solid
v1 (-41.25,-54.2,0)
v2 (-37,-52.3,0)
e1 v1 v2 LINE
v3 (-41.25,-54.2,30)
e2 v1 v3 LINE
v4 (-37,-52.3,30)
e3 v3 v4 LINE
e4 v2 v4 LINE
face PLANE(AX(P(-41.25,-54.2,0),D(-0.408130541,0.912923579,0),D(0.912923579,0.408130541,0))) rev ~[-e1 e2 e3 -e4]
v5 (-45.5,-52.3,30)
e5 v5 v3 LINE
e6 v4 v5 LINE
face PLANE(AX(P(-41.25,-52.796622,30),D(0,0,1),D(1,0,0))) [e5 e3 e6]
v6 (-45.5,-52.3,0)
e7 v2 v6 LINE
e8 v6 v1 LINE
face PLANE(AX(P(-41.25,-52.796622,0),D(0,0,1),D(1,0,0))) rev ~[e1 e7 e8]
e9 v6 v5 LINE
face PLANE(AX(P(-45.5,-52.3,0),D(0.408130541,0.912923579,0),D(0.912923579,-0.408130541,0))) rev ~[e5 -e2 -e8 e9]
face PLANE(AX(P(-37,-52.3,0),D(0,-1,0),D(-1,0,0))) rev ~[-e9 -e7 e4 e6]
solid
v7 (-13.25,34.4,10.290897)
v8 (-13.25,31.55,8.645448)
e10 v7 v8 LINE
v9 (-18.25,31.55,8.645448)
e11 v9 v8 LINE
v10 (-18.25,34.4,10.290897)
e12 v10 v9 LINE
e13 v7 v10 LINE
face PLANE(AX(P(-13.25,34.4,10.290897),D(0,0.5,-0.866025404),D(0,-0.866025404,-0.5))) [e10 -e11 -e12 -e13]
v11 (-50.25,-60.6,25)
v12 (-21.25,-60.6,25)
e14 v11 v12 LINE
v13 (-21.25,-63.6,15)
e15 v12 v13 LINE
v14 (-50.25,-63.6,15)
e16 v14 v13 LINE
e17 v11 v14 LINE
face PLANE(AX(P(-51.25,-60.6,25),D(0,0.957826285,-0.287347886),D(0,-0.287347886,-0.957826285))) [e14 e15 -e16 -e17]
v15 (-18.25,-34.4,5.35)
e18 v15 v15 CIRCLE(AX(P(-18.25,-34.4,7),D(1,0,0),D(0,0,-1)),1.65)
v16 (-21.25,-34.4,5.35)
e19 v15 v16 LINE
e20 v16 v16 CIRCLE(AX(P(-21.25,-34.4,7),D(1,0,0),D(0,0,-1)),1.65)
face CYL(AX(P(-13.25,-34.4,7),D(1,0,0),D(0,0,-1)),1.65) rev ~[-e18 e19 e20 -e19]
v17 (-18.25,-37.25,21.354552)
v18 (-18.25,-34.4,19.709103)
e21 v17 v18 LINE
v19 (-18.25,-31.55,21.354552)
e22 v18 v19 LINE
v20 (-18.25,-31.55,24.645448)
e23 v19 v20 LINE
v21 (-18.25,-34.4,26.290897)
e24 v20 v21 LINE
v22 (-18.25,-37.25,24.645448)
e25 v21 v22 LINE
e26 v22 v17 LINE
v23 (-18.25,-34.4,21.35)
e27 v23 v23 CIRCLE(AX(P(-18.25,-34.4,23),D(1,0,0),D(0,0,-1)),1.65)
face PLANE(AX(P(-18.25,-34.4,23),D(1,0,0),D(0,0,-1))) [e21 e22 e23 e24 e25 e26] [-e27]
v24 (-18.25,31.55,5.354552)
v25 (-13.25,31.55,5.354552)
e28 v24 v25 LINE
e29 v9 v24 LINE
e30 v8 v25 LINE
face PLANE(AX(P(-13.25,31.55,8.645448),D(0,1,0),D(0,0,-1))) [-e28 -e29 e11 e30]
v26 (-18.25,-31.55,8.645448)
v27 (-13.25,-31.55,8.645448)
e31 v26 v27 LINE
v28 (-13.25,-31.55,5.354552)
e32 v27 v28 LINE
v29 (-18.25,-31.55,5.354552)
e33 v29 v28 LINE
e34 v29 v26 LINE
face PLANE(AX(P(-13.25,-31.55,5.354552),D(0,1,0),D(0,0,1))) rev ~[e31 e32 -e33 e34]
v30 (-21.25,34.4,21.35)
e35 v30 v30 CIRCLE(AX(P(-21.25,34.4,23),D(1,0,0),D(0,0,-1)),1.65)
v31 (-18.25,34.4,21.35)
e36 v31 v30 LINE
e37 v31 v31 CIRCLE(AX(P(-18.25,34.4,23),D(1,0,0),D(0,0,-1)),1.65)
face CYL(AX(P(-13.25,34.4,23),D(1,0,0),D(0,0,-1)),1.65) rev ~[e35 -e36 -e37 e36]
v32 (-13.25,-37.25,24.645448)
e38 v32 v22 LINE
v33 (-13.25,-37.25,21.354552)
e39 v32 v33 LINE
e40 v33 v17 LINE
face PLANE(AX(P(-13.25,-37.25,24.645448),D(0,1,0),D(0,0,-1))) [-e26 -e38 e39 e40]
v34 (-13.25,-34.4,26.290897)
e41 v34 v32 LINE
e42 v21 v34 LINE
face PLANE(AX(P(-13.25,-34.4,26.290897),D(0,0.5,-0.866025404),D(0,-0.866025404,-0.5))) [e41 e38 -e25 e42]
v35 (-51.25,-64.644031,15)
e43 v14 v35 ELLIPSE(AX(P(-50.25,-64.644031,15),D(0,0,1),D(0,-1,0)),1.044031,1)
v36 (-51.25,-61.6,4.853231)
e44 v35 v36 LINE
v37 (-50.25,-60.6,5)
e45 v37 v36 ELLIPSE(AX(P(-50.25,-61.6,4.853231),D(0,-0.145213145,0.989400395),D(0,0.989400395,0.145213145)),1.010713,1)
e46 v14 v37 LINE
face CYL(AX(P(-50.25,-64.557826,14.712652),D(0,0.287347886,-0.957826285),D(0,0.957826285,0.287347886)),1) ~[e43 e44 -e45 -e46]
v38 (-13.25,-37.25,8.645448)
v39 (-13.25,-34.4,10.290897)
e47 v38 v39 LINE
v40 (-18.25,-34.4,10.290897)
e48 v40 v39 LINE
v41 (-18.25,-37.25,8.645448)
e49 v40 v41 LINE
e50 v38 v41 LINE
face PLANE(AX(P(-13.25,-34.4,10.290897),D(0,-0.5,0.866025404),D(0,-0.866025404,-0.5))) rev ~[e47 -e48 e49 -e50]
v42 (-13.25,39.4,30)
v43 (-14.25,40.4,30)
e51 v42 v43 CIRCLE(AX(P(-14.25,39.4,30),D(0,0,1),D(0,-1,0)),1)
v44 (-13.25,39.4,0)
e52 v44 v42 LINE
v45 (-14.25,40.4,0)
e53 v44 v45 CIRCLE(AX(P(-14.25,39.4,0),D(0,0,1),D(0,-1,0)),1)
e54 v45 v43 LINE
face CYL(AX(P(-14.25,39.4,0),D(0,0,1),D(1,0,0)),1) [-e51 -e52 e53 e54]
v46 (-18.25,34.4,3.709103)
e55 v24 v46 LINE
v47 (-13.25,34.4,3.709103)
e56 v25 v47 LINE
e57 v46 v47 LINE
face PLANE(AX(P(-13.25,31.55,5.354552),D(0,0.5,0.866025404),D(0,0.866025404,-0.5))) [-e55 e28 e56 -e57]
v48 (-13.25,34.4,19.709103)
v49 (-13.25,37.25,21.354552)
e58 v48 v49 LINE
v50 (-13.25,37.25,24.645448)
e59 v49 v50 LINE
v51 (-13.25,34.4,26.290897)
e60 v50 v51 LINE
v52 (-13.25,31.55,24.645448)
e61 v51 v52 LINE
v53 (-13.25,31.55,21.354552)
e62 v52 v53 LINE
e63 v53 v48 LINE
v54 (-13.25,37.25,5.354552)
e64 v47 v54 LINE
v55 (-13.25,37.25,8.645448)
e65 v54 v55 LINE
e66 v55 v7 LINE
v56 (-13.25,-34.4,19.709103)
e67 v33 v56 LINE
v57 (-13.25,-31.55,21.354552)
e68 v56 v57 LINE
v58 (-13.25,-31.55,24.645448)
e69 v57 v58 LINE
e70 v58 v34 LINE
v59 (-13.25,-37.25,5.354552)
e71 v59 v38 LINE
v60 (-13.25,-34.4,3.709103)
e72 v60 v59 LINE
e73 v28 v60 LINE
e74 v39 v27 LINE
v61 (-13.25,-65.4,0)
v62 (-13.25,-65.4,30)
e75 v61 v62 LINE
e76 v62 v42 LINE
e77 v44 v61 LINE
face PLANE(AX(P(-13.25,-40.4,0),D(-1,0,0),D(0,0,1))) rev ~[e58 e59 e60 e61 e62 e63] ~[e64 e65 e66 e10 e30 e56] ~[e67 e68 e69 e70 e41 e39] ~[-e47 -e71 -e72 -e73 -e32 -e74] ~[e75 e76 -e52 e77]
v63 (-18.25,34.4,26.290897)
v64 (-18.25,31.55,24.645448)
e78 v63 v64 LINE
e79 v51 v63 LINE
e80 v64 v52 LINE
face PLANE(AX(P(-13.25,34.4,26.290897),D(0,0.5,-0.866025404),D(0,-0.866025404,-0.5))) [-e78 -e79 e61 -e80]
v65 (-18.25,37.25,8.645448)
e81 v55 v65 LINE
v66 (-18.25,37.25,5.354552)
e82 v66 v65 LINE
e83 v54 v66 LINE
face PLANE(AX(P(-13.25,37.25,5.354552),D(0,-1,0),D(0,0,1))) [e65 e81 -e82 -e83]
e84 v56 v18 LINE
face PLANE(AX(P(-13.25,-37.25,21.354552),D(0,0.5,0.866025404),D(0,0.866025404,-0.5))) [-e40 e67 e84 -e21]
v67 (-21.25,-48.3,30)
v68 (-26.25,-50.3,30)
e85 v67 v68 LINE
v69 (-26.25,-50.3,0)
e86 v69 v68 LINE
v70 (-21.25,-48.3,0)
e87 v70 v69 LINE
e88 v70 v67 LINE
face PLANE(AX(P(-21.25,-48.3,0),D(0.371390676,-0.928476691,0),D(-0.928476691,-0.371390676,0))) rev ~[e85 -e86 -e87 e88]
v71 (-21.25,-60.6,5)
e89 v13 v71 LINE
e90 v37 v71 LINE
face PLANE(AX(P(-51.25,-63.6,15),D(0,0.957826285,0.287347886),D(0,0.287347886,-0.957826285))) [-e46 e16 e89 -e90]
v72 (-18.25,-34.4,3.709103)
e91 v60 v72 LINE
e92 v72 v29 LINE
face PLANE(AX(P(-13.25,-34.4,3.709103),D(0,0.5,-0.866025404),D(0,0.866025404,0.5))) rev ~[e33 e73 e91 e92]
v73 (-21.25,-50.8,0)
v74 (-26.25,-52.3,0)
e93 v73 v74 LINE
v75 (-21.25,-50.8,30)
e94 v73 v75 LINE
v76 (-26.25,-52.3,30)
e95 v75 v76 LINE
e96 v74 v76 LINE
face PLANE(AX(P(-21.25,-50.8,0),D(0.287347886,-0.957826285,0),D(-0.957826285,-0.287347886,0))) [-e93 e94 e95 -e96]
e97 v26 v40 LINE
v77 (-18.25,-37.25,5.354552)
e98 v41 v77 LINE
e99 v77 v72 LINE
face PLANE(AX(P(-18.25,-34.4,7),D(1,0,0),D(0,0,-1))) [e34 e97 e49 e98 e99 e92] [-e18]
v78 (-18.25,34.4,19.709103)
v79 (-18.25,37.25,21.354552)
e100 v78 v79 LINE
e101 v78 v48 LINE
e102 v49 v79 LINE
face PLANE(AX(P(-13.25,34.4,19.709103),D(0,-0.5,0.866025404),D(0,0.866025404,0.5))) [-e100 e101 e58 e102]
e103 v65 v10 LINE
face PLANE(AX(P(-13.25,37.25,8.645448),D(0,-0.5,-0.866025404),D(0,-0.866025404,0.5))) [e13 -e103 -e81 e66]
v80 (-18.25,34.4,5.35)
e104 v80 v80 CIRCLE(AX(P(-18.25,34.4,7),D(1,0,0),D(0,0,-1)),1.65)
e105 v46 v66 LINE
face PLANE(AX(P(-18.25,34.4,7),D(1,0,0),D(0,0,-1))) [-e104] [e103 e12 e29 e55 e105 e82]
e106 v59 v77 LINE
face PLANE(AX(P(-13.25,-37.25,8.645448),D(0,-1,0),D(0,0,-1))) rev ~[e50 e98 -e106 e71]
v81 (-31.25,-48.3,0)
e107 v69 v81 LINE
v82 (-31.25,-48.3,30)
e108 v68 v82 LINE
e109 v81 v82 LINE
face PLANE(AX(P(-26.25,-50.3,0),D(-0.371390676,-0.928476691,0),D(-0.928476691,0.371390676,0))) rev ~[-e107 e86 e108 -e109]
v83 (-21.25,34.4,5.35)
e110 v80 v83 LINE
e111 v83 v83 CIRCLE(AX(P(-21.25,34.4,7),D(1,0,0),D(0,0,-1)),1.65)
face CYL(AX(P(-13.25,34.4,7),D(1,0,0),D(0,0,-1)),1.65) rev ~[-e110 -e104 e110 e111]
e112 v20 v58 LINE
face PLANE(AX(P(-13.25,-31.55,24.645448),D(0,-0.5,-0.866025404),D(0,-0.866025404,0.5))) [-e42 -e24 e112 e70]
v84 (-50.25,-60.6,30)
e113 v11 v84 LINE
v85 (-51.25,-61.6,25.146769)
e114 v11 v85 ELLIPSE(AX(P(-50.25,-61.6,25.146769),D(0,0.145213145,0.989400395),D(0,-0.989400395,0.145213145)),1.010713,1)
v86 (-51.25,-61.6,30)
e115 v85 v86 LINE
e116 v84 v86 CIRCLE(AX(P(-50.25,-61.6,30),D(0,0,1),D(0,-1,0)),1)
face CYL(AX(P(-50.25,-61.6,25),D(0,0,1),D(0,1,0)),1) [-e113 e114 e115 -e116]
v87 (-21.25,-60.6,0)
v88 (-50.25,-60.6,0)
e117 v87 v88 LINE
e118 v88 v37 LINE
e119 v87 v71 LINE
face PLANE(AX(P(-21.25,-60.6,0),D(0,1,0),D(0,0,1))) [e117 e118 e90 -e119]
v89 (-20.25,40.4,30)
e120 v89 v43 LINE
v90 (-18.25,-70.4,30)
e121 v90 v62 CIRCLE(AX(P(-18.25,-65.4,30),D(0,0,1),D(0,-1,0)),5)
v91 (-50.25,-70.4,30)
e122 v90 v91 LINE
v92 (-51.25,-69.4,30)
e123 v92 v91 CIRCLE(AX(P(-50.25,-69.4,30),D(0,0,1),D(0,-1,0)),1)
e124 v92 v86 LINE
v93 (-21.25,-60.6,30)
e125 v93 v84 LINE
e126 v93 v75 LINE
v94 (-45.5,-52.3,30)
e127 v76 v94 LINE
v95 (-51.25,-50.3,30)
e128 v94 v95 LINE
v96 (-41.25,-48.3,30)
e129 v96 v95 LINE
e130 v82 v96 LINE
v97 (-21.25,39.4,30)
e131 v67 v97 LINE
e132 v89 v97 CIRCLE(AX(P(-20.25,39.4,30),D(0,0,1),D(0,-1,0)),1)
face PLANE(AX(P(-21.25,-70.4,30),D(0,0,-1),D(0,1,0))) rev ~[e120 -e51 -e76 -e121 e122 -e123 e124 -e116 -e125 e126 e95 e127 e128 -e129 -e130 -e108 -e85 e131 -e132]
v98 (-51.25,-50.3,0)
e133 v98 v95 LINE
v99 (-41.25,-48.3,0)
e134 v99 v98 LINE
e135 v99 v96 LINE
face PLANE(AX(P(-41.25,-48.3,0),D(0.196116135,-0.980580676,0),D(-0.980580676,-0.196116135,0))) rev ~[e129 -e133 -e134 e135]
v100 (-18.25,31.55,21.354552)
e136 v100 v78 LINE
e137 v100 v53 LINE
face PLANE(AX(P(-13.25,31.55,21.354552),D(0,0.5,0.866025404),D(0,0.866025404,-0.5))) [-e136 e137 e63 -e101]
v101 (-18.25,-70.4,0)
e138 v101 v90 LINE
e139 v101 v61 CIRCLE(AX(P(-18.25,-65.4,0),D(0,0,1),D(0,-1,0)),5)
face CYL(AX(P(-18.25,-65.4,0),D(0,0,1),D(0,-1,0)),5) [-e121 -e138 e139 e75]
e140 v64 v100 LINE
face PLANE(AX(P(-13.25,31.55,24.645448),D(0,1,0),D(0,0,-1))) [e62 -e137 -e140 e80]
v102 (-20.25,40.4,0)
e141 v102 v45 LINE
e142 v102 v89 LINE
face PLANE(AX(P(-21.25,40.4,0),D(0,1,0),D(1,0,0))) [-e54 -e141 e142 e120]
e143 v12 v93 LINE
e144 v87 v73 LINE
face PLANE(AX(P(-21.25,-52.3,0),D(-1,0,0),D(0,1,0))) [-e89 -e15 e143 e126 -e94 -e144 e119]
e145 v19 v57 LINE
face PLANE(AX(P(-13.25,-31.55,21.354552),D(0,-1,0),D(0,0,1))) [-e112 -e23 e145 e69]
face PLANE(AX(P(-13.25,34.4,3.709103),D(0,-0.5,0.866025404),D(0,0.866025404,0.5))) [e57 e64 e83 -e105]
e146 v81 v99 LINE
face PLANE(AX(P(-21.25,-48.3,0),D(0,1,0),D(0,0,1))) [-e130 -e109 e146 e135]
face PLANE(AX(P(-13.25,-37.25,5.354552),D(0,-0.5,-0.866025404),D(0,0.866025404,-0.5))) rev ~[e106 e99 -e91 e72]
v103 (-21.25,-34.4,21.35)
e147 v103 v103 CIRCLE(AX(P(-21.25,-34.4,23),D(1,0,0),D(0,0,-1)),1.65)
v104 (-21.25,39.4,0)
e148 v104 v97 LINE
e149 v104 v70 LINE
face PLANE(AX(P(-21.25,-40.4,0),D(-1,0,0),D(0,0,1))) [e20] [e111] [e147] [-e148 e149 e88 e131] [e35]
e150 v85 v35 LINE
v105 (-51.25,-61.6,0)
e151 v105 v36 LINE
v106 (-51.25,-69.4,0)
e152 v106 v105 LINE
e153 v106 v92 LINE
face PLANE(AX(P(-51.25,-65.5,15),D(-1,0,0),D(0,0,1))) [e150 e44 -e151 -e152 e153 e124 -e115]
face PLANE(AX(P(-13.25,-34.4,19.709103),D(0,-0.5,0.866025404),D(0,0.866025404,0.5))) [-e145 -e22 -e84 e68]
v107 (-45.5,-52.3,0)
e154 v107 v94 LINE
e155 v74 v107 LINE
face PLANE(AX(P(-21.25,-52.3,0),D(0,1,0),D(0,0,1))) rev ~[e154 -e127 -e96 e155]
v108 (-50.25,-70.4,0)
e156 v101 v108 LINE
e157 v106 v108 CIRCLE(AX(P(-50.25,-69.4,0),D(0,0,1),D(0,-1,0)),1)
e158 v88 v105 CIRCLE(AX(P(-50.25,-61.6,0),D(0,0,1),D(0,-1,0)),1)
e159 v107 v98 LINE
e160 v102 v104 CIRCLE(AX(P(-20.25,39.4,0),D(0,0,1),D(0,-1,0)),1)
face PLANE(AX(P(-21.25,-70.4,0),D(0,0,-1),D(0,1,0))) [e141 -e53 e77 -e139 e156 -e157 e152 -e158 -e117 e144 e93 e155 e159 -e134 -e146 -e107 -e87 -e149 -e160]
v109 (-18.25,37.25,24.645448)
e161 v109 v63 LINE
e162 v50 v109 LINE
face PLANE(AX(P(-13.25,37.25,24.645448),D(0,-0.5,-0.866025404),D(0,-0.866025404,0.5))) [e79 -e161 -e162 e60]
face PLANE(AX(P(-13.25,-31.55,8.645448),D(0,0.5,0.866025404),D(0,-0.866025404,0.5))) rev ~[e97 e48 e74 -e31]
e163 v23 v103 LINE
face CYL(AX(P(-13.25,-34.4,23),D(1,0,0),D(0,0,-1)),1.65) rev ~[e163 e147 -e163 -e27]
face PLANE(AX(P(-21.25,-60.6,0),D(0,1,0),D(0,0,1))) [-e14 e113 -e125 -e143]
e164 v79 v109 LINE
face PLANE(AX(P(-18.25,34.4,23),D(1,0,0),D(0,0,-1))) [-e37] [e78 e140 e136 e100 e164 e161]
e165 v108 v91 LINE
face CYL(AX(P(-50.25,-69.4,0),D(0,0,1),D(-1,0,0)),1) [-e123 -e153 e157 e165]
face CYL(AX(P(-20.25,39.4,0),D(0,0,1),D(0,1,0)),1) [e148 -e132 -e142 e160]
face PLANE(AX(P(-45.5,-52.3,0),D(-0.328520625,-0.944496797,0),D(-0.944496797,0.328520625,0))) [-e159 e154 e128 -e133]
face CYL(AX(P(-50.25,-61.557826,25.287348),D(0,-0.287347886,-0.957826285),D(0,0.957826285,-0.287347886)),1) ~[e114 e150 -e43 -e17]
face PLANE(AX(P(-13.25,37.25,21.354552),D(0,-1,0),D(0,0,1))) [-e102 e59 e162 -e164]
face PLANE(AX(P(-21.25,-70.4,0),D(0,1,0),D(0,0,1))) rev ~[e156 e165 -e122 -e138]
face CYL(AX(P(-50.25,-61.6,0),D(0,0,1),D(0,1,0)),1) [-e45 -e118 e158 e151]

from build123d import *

# Parameters (mm, degrees)
SKETCH1_W           = 8
SKETCH1_H           = 80.8
BOSS_EXTRUDE1_DEPTH = 30
SKETCH2_R           = 1.65
CUT_EXTRUDE1_DEPTH  = 30
CUT_EXTRUDE3_DEPTH  = 5
SKETCH4_W           = 8
SKETCH4_H           = 30
BOSS_EXTRUDE2_DEPTH = 30
SKETCH5_W           = 30
SKETCH5_H           = 9.8
BOSS_EXTRUDE3_DEPTH = 30
SKETCH6_W           = 30
SKETCH6_H           = 4
BOSS_EXTRUDE4_DEPTH = 30
BOSS_EXTRUDE5_DEPTH = 30
CUT_EXTRUDE8_DEPTH  = 30
CUT_EXTRUDE9_DEPTH  = 30
CUT_EXTRUDE10_DEPTH = 30
FILLET1_R           = 1
FILLET2_R           = 5
FILLET3_R           = 1


with BuildPart() as part:
    # Sketch1 → Boss-Extrude1 (new body)
    with BuildSketch(Plane.XY):
        with Locations((-17.25, 0)):
            Rectangle(SKETCH1_W, SKETCH1_H)
    extrude(amount=BOSS_EXTRUDE1_DEPTH)

    # Sketch2 → Cut-Extrude1 (cut)
    with BuildSketch(Plane(origin=(-13.25, 0, 0), x_dir=(0, 0, -1), z_dir=(1, 0, 0))):
        with Locations((-7, 34.4)):
            Circle(SKETCH2_R)
        with Locations((-23, 34.4)):
            Circle(SKETCH2_R)
        with Locations((-23, -34.4)):
            Circle(SKETCH2_R)
        with Locations((-7, -34.4)):
            Circle(SKETCH2_R)
    extrude(amount=-CUT_EXTRUDE1_DEPTH, mode=Mode.SUBTRACT)

    # Sketch3 → Cut-Extrude3 (cut, symmetric)
    with BuildSketch(Plane(origin=(-13.25, 0, 0), x_dir=(0, 0, -1), z_dir=(1, 0, 0))):
        Polygon((-26.290896534, 34.4), (-24.645448267, 31.55), (-21.354551733, 31.55), (-19.709103466, 34.4), (-21.354551733, 37.25), (-24.645448267, 37.25), align=None)
        Polygon((-10.290896534, 34.4), (-8.645448267, 31.55), (-5.354551733, 31.55), (-3.709103466, 34.4), (-5.354551733, 37.25), (-8.645448267, 37.25), align=None)
        Polygon((-19.709103466, -34.4), (-21.354551733, -31.55), (-24.645448267, -31.55), (-26.290896534, -34.4), (-24.645448267, -37.25), (-21.354551733, -37.25), align=None)
        Polygon((-3.709103466, -34.4), (-5.354551733, -31.55), (-8.645448267, -31.55), (-10.290896534, -34.4), (-8.645448267, -37.25), (-5.354551733, -37.25), align=None)
    extrude(amount=CUT_EXTRUDE3_DEPTH, both=True, mode=Mode.SUBTRACT)

    # Sketch4 → Boss-Extrude2 (add)
    with BuildSketch(Plane.XZ.offset(40.4)):
        with Locations((-17.25, 15)):
            Rectangle(SKETCH4_W, SKETCH4_H)
    extrude(amount=BOSS_EXTRUDE2_DEPTH)

    # Sketch5 → Boss-Extrude3 (add)
    with BuildSketch(Plane.ZY.offset(21.25)):
        with Locations((15, -65.5)):
            Rectangle(SKETCH5_W, SKETCH5_H)
    extrude(amount=BOSS_EXTRUDE3_DEPTH)

    # Sketch6 → Boss-Extrude4 (add)
    with BuildSketch(Plane.ZY.offset(21.25)):
        with Locations((15, -50.3)):
            Rectangle(SKETCH6_W, SKETCH6_H)
    extrude(amount=BOSS_EXTRUDE4_DEPTH)

    # Sketch9 → Cut-Extrude8 (cut)
    with BuildSketch(Plane(origin=(0, 0, 0), x_dir=(-1, 0, 0), z_dir=(0, 0, -1))):
        Polygon((51.25, -48.3), (41.25, -48.3), (51.25, -50.3), align=None)
        Polygon((26.25, -50.3), (31.25, -48.3), (21.25, -48.3), align=None)
    extrude(amount=-CUT_EXTRUDE8_DEPTH, mode=Mode.SUBTRACT)

    # Sketch10 → Cut-Extrude9 (cut)
    with BuildSketch(Plane.ZY.offset(51.25)):
        Polygon((5, -60.6), (25, -60.6), (15, -63.6), align=None)
    extrude(amount=-CUT_EXTRUDE9_DEPTH, mode=Mode.SUBTRACT)

    # Sketch11 → Cut-Extrude10 (cut)
    with BuildSketch(Plane(origin=(0, 0, 0), x_dir=(-1, 0, 0), z_dir=(0, 0, -1))):
        Polygon((45.5, -52.3), (51.25, -50.3), (51.25, -52.3), align=None)
        Polygon((21.25, -52.3), (21.25, -50.8), (26.25, -52.3), align=None)
    extrude(amount=-CUT_EXTRUDE10_DEPTH, mode=Mode.SUBTRACT)

    # Fillet1
    fillet1_edges = [part.edges().sort_by_distance(p)[0] for p in [
        (-51.25, -70.4, 15),
        (-51.25, -60.6, 27.5),
        (-51.25, -60.6, 2.5),
        (-51.25, -62.1, 20),
        (-51.25, -62.1, 10),
    ]]
    fillet(fillet1_edges, radius=FILLET1_R)

    # Fillet2
    fillet2_edges = [part.edges().sort_by_distance(p)[0] for p in [
        (-13.25, -70.4, 15),
    ]]
    fillet(fillet2_edges, radius=FILLET2_R)

    # Fillet3
    fillet3_edges = [part.edges().sort_by_distance(p)[0] for p in [
        (-21.25, 40.4, 15),
        (-13.25, 40.4, 15),
    ]]
    fillet(fillet3_edges, radius=FILLET3_R)


with BuildPart() as body_2:
    # Sketch8 → Boss-Extrude5 (new body)
    with BuildSketch(Plane(origin=(0, 0, 0), x_dir=(-1, 0, 0), z_dir=(0, 0, -1))):
        Polygon((37, -52.3), (45.5, -52.3), (41.25, -54.2), align=None)
    extrude(amount=-BOSS_EXTRUDE5_DEPTH)


solid = Compound([part.part, body_2.part])
